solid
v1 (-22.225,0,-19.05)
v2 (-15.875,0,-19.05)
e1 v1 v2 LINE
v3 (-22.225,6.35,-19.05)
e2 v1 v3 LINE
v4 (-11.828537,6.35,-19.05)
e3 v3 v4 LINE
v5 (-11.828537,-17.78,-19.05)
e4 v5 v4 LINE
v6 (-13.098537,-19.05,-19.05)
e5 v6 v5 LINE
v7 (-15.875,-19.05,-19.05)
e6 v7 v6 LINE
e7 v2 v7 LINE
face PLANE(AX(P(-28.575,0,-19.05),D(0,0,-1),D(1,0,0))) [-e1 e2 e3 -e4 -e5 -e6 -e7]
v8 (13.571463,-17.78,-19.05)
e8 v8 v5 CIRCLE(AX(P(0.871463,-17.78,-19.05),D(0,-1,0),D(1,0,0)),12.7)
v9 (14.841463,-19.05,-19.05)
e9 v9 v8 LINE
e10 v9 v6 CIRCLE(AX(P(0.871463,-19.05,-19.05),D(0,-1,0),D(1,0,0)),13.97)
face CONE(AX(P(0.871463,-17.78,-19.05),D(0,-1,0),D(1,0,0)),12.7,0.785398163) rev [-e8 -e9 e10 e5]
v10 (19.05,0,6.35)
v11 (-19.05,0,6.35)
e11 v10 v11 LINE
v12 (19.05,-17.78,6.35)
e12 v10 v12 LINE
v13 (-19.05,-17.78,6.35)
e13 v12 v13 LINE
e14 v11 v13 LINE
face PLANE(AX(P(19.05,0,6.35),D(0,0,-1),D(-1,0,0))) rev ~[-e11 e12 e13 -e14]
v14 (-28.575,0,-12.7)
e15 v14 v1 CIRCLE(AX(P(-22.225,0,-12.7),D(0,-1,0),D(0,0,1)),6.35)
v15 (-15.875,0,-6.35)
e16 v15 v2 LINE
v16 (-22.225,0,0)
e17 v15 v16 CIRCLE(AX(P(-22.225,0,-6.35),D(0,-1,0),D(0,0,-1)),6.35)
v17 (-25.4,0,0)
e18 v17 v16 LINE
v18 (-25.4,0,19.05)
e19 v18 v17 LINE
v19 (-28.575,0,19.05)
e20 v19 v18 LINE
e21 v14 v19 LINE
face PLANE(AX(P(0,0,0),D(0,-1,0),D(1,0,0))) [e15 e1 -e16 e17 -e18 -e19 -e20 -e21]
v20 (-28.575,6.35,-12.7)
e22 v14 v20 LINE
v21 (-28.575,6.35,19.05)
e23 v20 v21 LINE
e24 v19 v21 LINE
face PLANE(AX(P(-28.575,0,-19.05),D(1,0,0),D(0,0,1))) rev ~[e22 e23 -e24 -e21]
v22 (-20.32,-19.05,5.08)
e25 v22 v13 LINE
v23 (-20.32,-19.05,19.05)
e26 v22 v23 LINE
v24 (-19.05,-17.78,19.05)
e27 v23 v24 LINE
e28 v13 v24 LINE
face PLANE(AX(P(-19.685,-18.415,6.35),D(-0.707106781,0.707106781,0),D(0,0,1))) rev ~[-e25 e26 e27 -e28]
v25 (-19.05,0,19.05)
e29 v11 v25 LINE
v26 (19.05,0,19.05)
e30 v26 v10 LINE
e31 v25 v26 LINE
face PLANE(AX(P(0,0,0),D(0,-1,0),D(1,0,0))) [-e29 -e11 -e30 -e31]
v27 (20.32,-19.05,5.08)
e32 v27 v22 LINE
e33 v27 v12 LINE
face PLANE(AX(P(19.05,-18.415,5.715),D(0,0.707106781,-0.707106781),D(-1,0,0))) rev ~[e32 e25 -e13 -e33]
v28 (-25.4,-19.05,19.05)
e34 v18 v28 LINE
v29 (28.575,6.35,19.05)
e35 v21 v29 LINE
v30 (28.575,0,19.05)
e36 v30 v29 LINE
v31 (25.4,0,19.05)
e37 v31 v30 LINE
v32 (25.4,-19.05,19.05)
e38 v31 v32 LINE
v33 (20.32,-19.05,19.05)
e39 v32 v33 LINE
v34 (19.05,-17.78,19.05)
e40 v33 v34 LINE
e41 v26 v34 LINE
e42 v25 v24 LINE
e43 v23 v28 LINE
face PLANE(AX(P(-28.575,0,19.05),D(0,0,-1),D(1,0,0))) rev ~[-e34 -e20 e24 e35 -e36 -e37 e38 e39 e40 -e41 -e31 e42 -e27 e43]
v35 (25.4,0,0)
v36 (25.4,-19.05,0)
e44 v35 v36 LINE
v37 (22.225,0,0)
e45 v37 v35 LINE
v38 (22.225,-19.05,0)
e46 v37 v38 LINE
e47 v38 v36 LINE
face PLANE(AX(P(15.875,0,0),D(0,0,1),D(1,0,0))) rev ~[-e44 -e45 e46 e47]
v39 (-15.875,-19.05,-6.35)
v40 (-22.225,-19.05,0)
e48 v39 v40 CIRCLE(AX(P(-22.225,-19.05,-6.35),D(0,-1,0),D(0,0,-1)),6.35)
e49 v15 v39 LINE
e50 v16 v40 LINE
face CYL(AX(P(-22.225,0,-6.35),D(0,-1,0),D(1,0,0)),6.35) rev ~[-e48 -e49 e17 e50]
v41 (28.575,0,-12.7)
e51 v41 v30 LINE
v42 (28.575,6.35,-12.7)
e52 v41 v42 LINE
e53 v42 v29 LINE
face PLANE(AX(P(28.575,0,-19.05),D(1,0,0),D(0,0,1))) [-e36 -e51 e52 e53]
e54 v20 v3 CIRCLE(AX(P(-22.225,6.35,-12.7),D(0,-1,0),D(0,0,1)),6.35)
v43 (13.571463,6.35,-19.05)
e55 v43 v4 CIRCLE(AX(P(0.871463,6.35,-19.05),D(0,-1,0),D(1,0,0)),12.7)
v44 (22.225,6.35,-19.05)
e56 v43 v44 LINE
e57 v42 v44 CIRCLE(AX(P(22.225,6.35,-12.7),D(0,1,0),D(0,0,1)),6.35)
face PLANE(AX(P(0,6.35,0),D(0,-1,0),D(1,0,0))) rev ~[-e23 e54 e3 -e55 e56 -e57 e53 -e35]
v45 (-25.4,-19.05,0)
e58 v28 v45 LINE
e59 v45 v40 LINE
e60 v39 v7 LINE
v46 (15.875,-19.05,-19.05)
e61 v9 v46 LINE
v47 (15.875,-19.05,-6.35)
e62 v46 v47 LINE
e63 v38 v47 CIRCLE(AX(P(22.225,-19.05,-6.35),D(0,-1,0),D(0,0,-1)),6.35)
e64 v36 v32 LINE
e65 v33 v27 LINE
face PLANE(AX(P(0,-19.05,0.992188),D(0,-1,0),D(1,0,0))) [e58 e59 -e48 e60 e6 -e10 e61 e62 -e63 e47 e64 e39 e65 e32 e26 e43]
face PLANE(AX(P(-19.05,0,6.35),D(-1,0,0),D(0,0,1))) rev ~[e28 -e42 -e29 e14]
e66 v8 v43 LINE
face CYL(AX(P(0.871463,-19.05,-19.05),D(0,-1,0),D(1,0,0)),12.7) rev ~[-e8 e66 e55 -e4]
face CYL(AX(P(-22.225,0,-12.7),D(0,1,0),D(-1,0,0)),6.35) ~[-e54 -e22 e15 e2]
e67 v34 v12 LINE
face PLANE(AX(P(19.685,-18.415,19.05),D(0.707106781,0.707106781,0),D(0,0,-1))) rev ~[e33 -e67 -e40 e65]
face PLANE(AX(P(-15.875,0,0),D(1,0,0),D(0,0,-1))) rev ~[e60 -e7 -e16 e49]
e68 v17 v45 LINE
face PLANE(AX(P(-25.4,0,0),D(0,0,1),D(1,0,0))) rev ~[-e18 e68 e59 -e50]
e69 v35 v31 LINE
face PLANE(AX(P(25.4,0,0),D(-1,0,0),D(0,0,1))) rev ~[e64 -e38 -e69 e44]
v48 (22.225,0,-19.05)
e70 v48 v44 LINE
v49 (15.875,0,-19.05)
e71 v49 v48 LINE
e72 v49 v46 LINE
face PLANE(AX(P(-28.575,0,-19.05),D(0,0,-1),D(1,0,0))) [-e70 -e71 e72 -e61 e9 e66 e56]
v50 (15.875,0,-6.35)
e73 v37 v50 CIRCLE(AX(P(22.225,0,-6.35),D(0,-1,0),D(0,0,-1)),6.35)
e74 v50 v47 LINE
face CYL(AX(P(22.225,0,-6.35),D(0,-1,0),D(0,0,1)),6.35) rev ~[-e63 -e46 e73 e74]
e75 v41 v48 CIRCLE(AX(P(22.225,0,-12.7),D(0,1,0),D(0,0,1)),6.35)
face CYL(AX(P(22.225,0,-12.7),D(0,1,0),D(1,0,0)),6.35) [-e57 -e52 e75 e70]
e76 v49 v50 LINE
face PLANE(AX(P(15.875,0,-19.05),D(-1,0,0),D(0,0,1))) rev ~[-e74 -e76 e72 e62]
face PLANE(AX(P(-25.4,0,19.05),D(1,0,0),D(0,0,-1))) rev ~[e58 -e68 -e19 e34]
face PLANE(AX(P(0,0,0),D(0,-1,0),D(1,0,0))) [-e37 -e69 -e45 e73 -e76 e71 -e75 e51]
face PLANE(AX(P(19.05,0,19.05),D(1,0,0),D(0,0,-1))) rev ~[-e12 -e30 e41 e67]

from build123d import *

# Parameters (mm, degrees)
F0_W     = 57.15
F0_H     = 38.1
F1_DEPTH = 6.35
F3_DEPTH = 19.05
F5_DEPTH = 25.401
F6_R     = 6.35
F7_SIZE  = 1.27


with BuildPart() as f1:
    # F0 (on Front) → F1 (new body)
    with BuildSketch(Plane.XZ):
        Rectangle(F0_W, F0_H)
    extrude(amount=-F1_DEPTH)

    # F2 (on face) → F3 (join)
    with BuildSketch(Plane.XZ):
        Polygon((-19.05, 19.05), (-25.4, 19.05), (-25.4, 0), (-15.875, 0), (-15.875, -19.05), (15.875, -19.05), (15.875, 0), (25.4, 0), (25.4, 19.05), (19.05, 19.05), (19.05, 6.35), (-19.05, 6.35), align=None)
    extrude(amount=F3_DEPTH)

    # F4 (on face) → F5 (cut, through all)
    with BuildSketch(Plane.XZ.offset(19.05)):
        with BuildLine():
            Line((-11.828537, -19.05), (13.571463, -19.05))
            ThreePointArc((13.571463, -19.05), (0.871463, -6.35), (-11.828537, -19.05))
        make_face()
    extrude(amount=-F5_DEPTH, mode=Mode.SUBTRACT)

    # F6
    f6_edges = [f1.edges().sort_by_distance(p)[0] for p in [
        (-28.575, 3.175, -19.05),
        (28.575, 3.175, -19.05),
        (15.875, -9.525, 0),
        (-15.875, -9.525, 0),
    ]]
    fillet(f6_edges, radius=F6_R)

    # F7
    f7_edges = [f1.edges().sort_by_distance(p)[0] for p in [
        (0.871463, -19.05, -6.35),
        (0, -19.05, 6.35),
        (-19.05, -19.05, 12.7),
        (19.05, -19.05, 12.7),
    ]]
    chamfer(f7_edges, length=F7_SIZE)


solid = f1.part
